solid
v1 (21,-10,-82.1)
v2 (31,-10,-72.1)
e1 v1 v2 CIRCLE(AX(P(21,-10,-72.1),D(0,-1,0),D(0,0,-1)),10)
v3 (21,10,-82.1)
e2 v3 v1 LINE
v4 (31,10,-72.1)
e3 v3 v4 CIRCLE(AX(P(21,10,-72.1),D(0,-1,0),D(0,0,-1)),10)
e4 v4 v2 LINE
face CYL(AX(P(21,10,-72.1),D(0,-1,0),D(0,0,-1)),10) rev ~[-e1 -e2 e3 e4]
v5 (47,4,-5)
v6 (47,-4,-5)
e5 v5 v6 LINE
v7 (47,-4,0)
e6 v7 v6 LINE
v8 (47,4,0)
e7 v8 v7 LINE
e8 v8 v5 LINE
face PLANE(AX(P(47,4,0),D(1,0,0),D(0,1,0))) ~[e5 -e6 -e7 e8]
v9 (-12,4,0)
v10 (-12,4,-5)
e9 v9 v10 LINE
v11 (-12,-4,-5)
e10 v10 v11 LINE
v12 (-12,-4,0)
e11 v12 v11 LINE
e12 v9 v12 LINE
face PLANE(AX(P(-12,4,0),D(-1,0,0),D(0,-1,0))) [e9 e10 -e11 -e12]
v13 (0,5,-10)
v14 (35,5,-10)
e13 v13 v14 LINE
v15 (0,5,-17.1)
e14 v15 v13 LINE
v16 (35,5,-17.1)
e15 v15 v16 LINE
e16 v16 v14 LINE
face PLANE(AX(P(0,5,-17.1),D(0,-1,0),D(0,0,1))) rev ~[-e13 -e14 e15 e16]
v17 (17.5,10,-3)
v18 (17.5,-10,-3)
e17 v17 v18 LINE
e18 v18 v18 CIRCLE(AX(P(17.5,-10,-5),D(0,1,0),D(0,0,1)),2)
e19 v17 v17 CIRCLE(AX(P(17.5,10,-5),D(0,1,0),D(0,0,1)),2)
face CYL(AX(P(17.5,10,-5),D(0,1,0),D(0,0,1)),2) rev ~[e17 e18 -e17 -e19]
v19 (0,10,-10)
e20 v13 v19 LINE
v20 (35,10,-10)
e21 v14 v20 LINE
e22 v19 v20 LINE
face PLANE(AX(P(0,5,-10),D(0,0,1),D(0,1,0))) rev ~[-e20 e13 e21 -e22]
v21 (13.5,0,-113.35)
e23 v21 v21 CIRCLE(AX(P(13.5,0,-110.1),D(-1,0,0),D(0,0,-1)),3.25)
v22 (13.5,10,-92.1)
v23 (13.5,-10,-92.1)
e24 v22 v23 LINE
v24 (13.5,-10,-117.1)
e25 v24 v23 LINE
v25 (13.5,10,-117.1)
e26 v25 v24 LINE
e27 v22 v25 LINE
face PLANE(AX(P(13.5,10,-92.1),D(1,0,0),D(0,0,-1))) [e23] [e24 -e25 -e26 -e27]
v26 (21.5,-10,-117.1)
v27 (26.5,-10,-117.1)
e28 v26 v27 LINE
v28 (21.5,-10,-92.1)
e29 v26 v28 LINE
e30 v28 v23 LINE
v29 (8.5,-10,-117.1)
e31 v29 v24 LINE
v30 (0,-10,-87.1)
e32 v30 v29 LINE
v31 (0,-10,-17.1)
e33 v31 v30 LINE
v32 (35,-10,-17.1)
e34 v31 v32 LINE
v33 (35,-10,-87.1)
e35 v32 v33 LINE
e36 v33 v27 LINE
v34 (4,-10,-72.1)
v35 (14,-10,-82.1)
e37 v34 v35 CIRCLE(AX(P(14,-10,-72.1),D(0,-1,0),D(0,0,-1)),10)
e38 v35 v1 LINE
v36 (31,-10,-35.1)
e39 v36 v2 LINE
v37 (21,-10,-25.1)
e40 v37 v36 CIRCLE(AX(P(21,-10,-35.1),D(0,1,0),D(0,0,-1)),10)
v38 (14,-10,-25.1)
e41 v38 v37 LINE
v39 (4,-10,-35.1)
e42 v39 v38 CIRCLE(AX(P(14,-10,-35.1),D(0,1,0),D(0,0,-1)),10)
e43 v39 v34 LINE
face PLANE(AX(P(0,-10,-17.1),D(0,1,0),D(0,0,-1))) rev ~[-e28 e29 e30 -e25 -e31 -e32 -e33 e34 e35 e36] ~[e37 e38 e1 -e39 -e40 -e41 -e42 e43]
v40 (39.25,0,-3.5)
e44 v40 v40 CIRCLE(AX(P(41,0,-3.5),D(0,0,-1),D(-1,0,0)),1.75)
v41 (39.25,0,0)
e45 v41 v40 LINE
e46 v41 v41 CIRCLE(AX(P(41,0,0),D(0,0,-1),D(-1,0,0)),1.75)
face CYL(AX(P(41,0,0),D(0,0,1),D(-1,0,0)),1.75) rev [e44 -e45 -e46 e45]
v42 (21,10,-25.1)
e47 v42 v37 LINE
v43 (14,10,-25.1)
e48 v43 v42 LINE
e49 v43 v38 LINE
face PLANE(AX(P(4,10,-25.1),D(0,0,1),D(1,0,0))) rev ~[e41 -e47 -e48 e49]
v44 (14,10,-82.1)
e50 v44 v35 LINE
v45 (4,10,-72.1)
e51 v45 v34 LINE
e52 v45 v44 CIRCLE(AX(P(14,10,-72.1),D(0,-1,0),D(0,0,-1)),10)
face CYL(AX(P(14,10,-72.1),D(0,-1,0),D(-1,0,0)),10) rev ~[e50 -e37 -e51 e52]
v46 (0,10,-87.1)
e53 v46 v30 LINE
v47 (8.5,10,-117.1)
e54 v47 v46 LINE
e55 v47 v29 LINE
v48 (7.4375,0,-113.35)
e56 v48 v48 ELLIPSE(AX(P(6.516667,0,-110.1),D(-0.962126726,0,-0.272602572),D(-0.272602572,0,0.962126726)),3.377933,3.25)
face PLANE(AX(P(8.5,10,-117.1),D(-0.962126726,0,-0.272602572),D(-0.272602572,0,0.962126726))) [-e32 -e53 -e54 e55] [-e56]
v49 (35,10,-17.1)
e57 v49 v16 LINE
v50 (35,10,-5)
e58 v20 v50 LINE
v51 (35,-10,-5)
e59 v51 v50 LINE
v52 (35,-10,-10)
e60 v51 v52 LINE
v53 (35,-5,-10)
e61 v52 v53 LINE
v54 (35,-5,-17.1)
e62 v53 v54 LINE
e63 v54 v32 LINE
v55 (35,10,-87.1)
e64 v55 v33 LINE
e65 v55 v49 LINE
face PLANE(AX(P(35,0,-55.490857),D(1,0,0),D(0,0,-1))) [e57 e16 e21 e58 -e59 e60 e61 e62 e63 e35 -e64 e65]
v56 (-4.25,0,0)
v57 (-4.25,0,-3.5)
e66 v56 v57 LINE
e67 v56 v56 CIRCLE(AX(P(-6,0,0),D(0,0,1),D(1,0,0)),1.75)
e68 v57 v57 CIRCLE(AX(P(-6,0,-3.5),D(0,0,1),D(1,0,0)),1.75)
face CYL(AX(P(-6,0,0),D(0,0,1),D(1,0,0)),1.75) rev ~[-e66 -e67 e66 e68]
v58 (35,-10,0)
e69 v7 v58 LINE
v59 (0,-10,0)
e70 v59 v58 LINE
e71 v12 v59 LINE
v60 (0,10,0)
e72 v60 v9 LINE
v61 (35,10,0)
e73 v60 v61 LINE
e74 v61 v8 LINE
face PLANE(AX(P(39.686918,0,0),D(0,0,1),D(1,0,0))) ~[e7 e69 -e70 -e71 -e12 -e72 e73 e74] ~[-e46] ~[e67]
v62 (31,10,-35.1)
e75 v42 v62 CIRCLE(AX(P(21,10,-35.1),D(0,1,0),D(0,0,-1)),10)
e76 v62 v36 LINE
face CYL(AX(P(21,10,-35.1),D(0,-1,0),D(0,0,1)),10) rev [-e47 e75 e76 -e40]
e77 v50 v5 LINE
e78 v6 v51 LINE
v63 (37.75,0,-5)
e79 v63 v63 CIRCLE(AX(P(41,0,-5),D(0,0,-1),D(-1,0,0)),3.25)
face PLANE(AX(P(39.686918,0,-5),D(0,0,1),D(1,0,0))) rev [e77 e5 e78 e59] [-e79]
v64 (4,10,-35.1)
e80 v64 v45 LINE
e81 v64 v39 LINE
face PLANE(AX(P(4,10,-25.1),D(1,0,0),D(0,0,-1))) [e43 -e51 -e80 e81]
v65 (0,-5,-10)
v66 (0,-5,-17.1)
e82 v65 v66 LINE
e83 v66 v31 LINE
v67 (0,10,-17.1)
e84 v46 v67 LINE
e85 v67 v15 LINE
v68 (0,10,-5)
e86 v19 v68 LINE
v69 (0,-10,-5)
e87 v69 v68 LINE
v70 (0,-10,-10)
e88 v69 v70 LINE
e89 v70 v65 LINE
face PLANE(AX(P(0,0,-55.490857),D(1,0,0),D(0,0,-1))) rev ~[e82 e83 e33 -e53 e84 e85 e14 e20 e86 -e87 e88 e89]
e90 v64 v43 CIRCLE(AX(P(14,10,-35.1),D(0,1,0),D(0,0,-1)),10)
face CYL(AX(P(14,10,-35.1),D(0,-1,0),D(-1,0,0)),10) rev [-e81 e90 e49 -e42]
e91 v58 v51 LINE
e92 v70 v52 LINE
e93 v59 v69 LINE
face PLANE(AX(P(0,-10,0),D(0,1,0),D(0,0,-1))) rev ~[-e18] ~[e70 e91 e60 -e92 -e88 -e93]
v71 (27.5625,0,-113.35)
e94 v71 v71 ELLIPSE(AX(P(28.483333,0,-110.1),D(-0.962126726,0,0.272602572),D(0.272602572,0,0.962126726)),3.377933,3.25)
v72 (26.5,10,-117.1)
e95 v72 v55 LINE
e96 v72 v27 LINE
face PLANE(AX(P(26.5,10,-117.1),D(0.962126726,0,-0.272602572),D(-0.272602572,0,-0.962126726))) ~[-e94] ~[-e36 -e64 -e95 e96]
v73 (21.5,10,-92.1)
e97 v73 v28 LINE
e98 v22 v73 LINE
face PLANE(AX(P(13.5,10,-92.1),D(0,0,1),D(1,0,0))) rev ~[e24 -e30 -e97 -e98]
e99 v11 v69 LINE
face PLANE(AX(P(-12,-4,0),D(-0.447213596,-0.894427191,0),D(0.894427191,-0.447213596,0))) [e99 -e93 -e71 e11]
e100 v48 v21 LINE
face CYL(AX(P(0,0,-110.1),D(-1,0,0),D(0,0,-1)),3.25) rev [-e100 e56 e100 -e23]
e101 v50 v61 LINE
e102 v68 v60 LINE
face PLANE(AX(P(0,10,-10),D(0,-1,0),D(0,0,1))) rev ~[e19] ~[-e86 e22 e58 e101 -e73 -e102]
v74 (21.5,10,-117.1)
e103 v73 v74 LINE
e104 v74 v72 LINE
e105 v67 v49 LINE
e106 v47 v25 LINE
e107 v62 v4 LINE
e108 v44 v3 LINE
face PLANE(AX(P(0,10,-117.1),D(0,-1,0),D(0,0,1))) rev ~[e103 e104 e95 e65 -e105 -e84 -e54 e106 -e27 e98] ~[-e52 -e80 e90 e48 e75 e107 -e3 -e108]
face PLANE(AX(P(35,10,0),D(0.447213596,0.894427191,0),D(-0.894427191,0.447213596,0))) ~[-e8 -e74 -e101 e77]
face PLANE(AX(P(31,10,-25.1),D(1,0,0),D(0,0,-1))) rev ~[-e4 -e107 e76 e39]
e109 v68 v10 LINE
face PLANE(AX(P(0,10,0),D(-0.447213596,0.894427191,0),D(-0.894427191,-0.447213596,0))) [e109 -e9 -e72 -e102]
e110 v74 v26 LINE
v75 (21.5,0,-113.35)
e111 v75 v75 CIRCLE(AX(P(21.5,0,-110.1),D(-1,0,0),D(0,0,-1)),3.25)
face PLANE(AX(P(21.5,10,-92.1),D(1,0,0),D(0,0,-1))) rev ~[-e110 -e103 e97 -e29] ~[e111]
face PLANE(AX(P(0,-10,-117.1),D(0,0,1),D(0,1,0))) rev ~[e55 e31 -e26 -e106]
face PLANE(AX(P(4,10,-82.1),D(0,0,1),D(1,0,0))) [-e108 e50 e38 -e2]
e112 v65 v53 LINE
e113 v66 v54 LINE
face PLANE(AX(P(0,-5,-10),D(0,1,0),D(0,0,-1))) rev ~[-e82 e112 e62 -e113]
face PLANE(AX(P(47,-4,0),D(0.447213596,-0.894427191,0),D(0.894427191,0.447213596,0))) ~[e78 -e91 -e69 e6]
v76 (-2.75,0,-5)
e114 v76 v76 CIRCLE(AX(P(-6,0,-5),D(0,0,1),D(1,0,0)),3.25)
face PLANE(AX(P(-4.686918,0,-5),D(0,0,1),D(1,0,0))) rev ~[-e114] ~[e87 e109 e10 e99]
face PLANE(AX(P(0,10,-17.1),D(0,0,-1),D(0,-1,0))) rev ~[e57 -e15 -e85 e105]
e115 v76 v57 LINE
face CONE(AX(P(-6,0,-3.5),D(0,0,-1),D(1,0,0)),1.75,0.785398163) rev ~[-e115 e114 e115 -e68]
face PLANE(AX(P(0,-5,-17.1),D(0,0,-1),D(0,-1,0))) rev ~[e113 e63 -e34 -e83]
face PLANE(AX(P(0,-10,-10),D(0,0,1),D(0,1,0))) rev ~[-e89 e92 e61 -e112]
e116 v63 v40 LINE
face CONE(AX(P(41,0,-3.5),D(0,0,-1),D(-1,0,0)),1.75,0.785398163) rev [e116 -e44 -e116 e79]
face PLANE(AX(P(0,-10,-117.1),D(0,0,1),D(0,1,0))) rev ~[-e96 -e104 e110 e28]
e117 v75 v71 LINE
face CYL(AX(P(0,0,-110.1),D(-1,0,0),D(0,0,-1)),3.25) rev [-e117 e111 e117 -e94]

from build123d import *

# Parameters (mm, degrees)
CROQUIS1_R                 = 3.25
SALIENTE_EXTRUIR1_DEPTH    = 35
CORTAR_EXTRUIR1_REACH      = 125.844
CROQUIS2_W                 = 8
CROQUIS2_H                 = 25
CROQUIS4_W                 = 27
CROQUIS4_H                 = 57
CORTAR_EXTRUIR2_DEPTH      = 124.844297406
CORTAR_EXTRUIR3_REACH      = 125.844
CROQUIS9_R                 = 1.75
SALIENTE_EXTRUIR3_DEPTH    = 5
CHAFL_N1_SIZE              = 1.5
CHAFL_N1_OF_SIMETR_A3_SIZE = 1.5
ENGANCHE_REACH             = 129.755
CROQUIS7_R                 = 2
REDONDEO1_R                = 10


with BuildPart() as part:
    # Croquis1 → Saliente-Extruir1 (new body)
    with BuildSketch(Plane(origin=(0, 0, 0), x_dir=(0, 0, -1), z_dir=(1, 0, 0))):
        Polygon((0, 10), (0, -10), (10, -10), (10, -5), (17.1, -5), (17.1, -10), (117.1, -10), (117.1, 10), (17.1, 10), (17.1, 5), (10, 5), (10, 10), align=None)
        with Locations((110.1, 0)):
            Circle(CROQUIS1_R, mode=Mode.SUBTRACT)
    extrude(amount=SALIENTE_EXTRUIR1_DEPTH)

    # Croquis2 → Cortar-Extruir1 (cut, up to next)
    with BuildSketch(Plane(origin=(0, 10, 0), x_dir=(1, 0, 0), z_dir=(0, 1, 0)), mode=Mode.PRIVATE) as cortar_extruir1_sk1:
        with Locations((17.5, 104.6)):
            Rectangle(CROQUIS2_W, CROQUIS2_H)
    cortar_extruir1_tool1 = extrude(cortar_extruir1_sk1.sketch, amount=-CORTAR_EXTRUIR1_REACH, mode=Mode.PRIVATE) & part.part
    add(cortar_extruir1_tool1.solids().sort_by_distance((17.5, 10, -104.6))[0], mode=Mode.SUBTRACT)

    # Croquis4 → Cortar-Extruir2 (cut, through all)
    with BuildSketch(Plane(origin=(0, 10, 0), x_dir=(1, 0, 0), z_dir=(0, 1, 0))):
        with Locations((17.5, 53.6)):
            Rectangle(CROQUIS4_W, CROQUIS4_H)
    extrude(amount=-CORTAR_EXTRUIR2_DEPTH, mode=Mode.SUBTRACT)

    # Croquis5 → Cortar-Extruir3 (cut, up to next)
    with BuildSketch(Plane(origin=(0, 10, 0), x_dir=(1, 0, 0), z_dir=(0, 1, 0)), mode=Mode.PRIVATE) as cortar_extruir3_sk1:
        Polygon((8.5, 117.1), (0, 87.1), (0, 117.1), align=None)
    cortar_extruir3_tool1 = extrude(cortar_extruir3_sk1.sketch, amount=-CORTAR_EXTRUIR3_REACH, mode=Mode.PRIVATE) & part.part
    cortar_extruir3 = cortar_extruir3_tool1.solids().sort_by_distance((2.833333, 10, -107.1))[0]
    add(cortar_extruir3, mode=Mode.SUBTRACT)

    # Simetría1: Cortar-Extruir3 across plane
    add(cortar_extruir3.mirror(Plane(origin=(17.5, 0, 0), x_dir=(0, 0, 1), z_dir=(1, 0, 0))), mode=Mode.SUBTRACT)

    # Croquis9 → Saliente-Extruir3 (add)
    with BuildSketch(Plane.XY):
        Polygon((0, 10), (-12, 4), (-12, -4), (0, -10), align=None)
        with Locations((-6, 0)):
            Circle(CROQUIS9_R, mode=Mode.SUBTRACT)
    saliente_extruir3 = extrude(amount=-SALIENTE_EXTRUIR3_DEPTH)

    # Chaflán1
    chafl_n1_edges = [part.edges().sort_by_distance(p)[0] for p in [
        (-7.75, 0, -5),
    ]]
    chamfer(chafl_n1_edges, length=CHAFL_N1_SIZE)

    # Simetría3: Saliente-Extruir3 across plane
    add(saliente_extruir3.mirror(Plane(origin=(17.5, 0, 0), x_dir=(0, 0, 1), z_dir=(1, 0, 0))))

    # Chaflán1 of Simetría3
    chafl_n1_of_simetr_a3_edges = [part.edges().sort_by_distance(p)[0] for p in [
        (42.75, 0, -5),
    ]]
    chamfer(chafl_n1_of_simetr_a3_edges, length=CHAFL_N1_OF_SIMETR_A3_SIZE)

    # Croquis7 → Enganche (cut, up to next)
    with BuildSketch(Plane(origin=(0, 10, 0), x_dir=(1, 0, 0), z_dir=(0, 1, 0)), mode=Mode.PRIVATE) as enganche_sk1:
        with Locations(Location((17.5, 5, 0), (0, 0, 270))):
            Circle(CROQUIS7_R)
    enganche_tool1 = extrude(enganche_sk1.sketch, amount=-ENGANCHE_REACH, mode=Mode.PRIVATE) & part.part
    add(enganche_tool1.solids().sort_by_distance((17.5, 10, -5))[0], mode=Mode.SUBTRACT)

    # Redondeo1
    redondeo1_edges = [part.edges().sort_by_distance(p)[0] for p in [
        (31, 0, -82.1),
        (31, 0, -25.1),
        (4, 0, -25.1),
        (4, 0, -82.1),
    ]]
    fillet(redondeo1_edges, radius=REDONDEO1_R)


solid = part.part
